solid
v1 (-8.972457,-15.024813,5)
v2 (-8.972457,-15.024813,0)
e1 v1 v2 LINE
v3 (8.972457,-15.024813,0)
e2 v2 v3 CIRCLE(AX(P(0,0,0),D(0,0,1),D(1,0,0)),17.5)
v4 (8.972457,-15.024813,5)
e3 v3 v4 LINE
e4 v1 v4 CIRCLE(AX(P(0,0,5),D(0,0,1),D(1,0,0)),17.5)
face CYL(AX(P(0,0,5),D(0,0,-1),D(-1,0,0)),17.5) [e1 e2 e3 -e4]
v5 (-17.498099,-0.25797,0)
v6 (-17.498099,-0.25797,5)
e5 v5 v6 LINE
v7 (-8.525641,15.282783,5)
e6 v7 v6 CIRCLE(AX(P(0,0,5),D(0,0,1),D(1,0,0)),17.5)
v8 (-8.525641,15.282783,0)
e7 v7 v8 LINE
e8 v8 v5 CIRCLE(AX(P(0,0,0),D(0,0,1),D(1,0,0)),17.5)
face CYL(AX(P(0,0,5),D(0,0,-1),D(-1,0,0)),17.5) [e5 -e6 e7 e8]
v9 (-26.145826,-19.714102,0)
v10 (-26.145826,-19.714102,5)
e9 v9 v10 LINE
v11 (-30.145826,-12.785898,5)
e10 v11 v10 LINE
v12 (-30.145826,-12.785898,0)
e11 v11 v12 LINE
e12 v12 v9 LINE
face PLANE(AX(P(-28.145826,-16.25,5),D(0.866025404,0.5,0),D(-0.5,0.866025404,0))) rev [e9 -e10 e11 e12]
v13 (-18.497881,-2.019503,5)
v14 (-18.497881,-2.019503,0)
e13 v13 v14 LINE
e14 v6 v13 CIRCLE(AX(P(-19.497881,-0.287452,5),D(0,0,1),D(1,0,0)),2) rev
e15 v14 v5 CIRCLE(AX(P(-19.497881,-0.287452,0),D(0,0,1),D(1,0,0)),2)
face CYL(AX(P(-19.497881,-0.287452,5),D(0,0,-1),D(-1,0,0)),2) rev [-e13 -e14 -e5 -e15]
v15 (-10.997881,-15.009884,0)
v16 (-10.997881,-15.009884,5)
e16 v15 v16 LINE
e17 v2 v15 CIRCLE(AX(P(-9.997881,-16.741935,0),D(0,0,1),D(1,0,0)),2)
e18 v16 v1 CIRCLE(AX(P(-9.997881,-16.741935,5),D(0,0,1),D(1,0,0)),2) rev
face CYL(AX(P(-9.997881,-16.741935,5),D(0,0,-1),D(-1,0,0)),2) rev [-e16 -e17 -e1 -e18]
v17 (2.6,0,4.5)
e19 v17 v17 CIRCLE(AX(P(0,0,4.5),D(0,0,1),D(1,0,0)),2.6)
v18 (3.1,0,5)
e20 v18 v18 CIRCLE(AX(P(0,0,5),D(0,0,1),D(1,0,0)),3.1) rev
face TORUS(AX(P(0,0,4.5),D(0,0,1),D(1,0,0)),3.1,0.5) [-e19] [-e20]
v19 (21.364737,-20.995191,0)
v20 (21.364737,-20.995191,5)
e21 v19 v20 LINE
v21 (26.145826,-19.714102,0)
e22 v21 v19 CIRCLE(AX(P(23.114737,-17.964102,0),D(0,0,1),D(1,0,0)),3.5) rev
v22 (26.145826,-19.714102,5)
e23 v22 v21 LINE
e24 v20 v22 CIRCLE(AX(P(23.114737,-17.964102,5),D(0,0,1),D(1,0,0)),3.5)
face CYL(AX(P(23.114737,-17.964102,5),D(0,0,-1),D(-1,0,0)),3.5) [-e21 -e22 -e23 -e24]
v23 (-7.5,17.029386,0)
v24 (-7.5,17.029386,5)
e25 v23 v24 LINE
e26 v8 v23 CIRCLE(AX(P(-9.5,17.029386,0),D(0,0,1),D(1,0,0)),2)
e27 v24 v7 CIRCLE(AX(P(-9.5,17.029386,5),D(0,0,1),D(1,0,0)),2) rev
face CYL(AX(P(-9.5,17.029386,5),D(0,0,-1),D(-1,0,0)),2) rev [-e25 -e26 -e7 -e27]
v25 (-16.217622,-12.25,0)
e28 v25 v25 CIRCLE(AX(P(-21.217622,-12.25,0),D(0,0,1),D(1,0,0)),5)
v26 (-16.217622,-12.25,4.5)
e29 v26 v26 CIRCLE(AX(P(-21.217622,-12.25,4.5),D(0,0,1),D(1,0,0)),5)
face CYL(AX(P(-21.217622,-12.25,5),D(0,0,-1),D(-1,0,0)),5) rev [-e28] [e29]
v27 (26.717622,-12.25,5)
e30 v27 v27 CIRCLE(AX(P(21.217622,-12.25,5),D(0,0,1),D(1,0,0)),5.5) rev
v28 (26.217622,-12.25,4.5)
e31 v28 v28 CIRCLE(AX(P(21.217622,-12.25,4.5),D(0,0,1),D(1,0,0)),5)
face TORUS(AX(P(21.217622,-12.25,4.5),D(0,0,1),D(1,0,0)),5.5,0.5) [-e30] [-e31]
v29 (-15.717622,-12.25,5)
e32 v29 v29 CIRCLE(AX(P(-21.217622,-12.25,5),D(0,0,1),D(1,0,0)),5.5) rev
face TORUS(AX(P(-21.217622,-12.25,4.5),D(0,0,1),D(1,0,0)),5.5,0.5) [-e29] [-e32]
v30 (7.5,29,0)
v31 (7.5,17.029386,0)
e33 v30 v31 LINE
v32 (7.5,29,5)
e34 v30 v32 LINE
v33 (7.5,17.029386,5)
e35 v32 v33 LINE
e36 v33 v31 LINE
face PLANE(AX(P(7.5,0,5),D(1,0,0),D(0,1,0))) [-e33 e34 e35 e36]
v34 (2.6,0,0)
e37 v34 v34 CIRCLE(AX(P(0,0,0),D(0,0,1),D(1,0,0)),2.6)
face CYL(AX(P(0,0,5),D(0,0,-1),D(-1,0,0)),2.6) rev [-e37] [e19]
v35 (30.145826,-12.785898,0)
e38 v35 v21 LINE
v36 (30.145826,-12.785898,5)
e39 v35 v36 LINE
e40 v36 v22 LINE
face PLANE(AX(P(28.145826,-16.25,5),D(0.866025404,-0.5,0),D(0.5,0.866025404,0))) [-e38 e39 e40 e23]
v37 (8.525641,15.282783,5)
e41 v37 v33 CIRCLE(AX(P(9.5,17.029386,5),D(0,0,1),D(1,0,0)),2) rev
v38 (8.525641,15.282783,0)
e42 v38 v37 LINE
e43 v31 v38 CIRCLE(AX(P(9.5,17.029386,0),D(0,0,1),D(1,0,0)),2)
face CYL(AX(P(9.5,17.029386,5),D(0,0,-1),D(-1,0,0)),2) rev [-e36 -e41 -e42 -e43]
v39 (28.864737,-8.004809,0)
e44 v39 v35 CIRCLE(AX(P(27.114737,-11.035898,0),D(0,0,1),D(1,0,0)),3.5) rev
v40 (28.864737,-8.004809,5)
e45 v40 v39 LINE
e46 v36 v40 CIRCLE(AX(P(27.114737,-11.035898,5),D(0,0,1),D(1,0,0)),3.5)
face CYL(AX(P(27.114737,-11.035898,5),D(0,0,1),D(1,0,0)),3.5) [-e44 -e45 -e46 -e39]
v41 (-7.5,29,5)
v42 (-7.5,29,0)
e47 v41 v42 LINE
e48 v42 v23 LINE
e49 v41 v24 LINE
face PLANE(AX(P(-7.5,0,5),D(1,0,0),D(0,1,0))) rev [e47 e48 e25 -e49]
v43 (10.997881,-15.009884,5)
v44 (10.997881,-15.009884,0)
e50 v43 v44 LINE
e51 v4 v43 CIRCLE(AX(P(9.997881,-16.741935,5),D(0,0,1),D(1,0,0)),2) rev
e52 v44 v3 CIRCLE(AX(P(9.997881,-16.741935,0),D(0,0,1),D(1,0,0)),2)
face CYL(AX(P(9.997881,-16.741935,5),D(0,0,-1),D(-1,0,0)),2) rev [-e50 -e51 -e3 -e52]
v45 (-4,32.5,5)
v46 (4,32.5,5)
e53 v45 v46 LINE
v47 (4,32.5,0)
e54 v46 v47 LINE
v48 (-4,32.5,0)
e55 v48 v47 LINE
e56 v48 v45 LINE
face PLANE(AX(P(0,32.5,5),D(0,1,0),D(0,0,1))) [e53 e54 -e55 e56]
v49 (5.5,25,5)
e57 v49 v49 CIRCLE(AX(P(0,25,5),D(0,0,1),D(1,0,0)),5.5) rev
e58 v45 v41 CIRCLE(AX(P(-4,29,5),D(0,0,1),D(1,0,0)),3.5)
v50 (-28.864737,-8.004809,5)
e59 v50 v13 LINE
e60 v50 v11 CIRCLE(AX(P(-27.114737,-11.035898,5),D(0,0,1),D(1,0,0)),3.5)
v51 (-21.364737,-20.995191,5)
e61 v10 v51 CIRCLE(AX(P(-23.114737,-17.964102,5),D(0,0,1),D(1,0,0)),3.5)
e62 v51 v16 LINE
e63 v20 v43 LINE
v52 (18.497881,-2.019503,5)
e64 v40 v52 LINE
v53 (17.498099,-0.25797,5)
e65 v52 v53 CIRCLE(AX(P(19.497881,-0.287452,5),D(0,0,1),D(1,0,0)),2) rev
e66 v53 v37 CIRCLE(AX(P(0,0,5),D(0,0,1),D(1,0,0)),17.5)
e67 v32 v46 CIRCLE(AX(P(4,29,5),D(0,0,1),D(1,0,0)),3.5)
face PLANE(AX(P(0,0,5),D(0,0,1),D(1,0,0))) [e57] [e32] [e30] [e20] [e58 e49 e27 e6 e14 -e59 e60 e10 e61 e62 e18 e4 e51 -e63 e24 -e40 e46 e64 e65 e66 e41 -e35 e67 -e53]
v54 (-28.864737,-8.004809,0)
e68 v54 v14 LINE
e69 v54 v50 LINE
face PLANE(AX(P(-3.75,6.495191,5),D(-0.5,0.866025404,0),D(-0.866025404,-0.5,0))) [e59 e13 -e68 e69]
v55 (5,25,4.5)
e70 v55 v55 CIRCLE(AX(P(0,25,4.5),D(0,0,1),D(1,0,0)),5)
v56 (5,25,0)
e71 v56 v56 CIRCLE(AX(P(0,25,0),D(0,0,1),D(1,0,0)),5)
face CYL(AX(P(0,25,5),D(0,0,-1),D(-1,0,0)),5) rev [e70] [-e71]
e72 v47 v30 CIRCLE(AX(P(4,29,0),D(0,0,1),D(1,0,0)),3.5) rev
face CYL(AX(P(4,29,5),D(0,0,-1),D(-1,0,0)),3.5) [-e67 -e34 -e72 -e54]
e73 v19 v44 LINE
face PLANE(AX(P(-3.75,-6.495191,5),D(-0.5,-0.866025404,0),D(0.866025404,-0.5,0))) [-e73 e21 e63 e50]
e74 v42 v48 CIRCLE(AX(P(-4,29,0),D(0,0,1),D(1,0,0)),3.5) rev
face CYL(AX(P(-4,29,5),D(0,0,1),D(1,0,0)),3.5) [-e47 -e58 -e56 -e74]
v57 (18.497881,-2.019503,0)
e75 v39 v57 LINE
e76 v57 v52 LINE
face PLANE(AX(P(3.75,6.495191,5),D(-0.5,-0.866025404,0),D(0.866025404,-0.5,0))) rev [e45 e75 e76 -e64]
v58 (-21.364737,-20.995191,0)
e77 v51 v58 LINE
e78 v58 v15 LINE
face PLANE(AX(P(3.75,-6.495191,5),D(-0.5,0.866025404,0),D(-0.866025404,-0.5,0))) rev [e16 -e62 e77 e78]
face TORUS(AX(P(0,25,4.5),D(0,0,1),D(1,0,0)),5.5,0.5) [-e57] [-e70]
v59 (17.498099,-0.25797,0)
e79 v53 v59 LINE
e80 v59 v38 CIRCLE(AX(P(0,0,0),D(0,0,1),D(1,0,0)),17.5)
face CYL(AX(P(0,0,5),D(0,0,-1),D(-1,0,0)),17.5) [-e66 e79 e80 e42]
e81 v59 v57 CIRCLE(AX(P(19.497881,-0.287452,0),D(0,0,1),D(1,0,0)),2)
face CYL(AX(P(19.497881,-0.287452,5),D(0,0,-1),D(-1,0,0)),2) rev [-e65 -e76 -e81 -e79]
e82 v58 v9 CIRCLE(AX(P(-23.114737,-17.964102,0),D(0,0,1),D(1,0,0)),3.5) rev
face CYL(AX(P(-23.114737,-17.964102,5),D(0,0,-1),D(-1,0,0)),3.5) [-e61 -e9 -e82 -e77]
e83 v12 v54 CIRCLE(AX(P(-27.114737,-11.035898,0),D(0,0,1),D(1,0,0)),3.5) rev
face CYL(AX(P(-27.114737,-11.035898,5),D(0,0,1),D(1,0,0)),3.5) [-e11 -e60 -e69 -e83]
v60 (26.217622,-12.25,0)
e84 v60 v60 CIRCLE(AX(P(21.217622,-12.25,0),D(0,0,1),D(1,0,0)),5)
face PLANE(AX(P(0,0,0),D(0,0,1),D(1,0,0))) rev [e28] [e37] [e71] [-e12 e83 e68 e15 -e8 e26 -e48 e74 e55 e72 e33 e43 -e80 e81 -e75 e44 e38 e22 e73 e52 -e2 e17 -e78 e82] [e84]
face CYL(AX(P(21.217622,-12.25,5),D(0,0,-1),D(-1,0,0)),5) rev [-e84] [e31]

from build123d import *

# Parameters (mm, degrees)
SKETCH1_R           = 5
SKETCH1_R_2         = 17.5
SKETCH1_R_3         = 2.6
BOSS_EXTRUDE1_DEPTH = 5
FILLET1_R           = 3.5
FILLET2_R           = 2
FILLET3_R           = 0.5


with BuildPart() as part:
    # Sketch1 → Boss-Extrude1 (new body)
    # profile 1 of 4: a face of its own
    with BuildSketch(Plane.XY):
        with BuildLine():
            ThreePointArc((-9.943063938, -14.400884679), (-15.155444566, -8.75), (-17.443063938, -1.410503622))
            Line((-17.443063938, -1.410503622), (-31.895825623, -9.754809472))
            Line((-31.895825623, -9.754809472), (-24.395825623, -22.745190528))
            Line((-24.395825623, -22.745190528), (-9.943063938, -14.400884679))
        make_face()
        with Locations((-21.217622393, -12.25)):
            Circle(SKETCH1_R, mode=Mode.SUBTRACT)
    # profile 2 of 4: a face of its own
    with BuildSketch(Plane.XY):
        Circle(SKETCH1_R_2)
        Circle(SKETCH1_R_3, mode=Mode.SUBTRACT)
    # profile 3 of 4: a face of its own
    with BuildSketch(Plane.XY):
        with BuildLine():
            Line((31.895825623, -9.754809472), (17.443063938, -1.410503622))
            ThreePointArc((17.443063938, -1.410503622), (15.155444566, -8.75), (9.943063938, -14.400884679))
            Line((9.943063938, -14.400884679), (24.395825623, -22.745190528))
            Line((24.395825623, -22.745190528), (31.895825623, -9.754809472))
        make_face()
        with Locations((21.217622393, -12.25)):
            Circle(SKETCH1_R, mode=Mode.SUBTRACT)
    # profile 4 of 4: a face of its own
    with BuildSketch(Plane.XY):
        with BuildLine():
            Line((7.5, 32.5), (-7.5, 32.5))
            Line((-7.5, 32.5), (-7.5, 15.811388301))
            ThreePointArc((-7.5, 15.811388301), (0, 17.5), (7.5, 15.811388301))
            Line((7.5, 15.811388301), (7.5, 32.5))
        make_face()
        with Locations((0, 25)):
            Circle(SKETCH1_R, mode=Mode.SUBTRACT)
    extrude(amount=BOSS_EXTRUDE1_DEPTH)

    # Fillet1
    fillet1_edges = [part.edges().sort_by_distance(p)[0] for p in [
        (-24.395825623, -22.745190528, 2.5),
        (-31.895825623, -9.754809472, 2.5),
        (-7.5, 32.5, 2.5),
        (7.5, 32.5, 2.5),
        (31.895825623, -9.754809472, 2.5),
        (24.395825623, -22.745190528, 2.5),
    ]]
    fillet(fillet1_edges, radius=FILLET1_R)

    # Fillet2
    fillet2_edges = [part.edges().sort_by_distance(p)[0] for p in [
        (-17.443063938, -1.410503622, 2.5),
        (-7.5, 15.811388301, 2.5),
        (7.5, 15.811388301, 2.5),
        (17.443063938, -1.410503622, 2.5),
        (9.943063938, -14.400884679, 2.5),
        (-9.943063938, -14.400884679, 2.5),
    ]]
    fillet(fillet2_edges, radius=FILLET2_R)

    # Fillet3
    fillet3_edges = [part.edges().sort_by_distance(p)[0] for p in [
        (-2.6, 0, 5),
        (-5, 25, 5),
        (16.217622393, -12.25, 5),
        (-26.217622393, -12.25, 5),
    ]]
    fillet(fillet3_edges, radius=FILLET3_R)


solid = part.part
